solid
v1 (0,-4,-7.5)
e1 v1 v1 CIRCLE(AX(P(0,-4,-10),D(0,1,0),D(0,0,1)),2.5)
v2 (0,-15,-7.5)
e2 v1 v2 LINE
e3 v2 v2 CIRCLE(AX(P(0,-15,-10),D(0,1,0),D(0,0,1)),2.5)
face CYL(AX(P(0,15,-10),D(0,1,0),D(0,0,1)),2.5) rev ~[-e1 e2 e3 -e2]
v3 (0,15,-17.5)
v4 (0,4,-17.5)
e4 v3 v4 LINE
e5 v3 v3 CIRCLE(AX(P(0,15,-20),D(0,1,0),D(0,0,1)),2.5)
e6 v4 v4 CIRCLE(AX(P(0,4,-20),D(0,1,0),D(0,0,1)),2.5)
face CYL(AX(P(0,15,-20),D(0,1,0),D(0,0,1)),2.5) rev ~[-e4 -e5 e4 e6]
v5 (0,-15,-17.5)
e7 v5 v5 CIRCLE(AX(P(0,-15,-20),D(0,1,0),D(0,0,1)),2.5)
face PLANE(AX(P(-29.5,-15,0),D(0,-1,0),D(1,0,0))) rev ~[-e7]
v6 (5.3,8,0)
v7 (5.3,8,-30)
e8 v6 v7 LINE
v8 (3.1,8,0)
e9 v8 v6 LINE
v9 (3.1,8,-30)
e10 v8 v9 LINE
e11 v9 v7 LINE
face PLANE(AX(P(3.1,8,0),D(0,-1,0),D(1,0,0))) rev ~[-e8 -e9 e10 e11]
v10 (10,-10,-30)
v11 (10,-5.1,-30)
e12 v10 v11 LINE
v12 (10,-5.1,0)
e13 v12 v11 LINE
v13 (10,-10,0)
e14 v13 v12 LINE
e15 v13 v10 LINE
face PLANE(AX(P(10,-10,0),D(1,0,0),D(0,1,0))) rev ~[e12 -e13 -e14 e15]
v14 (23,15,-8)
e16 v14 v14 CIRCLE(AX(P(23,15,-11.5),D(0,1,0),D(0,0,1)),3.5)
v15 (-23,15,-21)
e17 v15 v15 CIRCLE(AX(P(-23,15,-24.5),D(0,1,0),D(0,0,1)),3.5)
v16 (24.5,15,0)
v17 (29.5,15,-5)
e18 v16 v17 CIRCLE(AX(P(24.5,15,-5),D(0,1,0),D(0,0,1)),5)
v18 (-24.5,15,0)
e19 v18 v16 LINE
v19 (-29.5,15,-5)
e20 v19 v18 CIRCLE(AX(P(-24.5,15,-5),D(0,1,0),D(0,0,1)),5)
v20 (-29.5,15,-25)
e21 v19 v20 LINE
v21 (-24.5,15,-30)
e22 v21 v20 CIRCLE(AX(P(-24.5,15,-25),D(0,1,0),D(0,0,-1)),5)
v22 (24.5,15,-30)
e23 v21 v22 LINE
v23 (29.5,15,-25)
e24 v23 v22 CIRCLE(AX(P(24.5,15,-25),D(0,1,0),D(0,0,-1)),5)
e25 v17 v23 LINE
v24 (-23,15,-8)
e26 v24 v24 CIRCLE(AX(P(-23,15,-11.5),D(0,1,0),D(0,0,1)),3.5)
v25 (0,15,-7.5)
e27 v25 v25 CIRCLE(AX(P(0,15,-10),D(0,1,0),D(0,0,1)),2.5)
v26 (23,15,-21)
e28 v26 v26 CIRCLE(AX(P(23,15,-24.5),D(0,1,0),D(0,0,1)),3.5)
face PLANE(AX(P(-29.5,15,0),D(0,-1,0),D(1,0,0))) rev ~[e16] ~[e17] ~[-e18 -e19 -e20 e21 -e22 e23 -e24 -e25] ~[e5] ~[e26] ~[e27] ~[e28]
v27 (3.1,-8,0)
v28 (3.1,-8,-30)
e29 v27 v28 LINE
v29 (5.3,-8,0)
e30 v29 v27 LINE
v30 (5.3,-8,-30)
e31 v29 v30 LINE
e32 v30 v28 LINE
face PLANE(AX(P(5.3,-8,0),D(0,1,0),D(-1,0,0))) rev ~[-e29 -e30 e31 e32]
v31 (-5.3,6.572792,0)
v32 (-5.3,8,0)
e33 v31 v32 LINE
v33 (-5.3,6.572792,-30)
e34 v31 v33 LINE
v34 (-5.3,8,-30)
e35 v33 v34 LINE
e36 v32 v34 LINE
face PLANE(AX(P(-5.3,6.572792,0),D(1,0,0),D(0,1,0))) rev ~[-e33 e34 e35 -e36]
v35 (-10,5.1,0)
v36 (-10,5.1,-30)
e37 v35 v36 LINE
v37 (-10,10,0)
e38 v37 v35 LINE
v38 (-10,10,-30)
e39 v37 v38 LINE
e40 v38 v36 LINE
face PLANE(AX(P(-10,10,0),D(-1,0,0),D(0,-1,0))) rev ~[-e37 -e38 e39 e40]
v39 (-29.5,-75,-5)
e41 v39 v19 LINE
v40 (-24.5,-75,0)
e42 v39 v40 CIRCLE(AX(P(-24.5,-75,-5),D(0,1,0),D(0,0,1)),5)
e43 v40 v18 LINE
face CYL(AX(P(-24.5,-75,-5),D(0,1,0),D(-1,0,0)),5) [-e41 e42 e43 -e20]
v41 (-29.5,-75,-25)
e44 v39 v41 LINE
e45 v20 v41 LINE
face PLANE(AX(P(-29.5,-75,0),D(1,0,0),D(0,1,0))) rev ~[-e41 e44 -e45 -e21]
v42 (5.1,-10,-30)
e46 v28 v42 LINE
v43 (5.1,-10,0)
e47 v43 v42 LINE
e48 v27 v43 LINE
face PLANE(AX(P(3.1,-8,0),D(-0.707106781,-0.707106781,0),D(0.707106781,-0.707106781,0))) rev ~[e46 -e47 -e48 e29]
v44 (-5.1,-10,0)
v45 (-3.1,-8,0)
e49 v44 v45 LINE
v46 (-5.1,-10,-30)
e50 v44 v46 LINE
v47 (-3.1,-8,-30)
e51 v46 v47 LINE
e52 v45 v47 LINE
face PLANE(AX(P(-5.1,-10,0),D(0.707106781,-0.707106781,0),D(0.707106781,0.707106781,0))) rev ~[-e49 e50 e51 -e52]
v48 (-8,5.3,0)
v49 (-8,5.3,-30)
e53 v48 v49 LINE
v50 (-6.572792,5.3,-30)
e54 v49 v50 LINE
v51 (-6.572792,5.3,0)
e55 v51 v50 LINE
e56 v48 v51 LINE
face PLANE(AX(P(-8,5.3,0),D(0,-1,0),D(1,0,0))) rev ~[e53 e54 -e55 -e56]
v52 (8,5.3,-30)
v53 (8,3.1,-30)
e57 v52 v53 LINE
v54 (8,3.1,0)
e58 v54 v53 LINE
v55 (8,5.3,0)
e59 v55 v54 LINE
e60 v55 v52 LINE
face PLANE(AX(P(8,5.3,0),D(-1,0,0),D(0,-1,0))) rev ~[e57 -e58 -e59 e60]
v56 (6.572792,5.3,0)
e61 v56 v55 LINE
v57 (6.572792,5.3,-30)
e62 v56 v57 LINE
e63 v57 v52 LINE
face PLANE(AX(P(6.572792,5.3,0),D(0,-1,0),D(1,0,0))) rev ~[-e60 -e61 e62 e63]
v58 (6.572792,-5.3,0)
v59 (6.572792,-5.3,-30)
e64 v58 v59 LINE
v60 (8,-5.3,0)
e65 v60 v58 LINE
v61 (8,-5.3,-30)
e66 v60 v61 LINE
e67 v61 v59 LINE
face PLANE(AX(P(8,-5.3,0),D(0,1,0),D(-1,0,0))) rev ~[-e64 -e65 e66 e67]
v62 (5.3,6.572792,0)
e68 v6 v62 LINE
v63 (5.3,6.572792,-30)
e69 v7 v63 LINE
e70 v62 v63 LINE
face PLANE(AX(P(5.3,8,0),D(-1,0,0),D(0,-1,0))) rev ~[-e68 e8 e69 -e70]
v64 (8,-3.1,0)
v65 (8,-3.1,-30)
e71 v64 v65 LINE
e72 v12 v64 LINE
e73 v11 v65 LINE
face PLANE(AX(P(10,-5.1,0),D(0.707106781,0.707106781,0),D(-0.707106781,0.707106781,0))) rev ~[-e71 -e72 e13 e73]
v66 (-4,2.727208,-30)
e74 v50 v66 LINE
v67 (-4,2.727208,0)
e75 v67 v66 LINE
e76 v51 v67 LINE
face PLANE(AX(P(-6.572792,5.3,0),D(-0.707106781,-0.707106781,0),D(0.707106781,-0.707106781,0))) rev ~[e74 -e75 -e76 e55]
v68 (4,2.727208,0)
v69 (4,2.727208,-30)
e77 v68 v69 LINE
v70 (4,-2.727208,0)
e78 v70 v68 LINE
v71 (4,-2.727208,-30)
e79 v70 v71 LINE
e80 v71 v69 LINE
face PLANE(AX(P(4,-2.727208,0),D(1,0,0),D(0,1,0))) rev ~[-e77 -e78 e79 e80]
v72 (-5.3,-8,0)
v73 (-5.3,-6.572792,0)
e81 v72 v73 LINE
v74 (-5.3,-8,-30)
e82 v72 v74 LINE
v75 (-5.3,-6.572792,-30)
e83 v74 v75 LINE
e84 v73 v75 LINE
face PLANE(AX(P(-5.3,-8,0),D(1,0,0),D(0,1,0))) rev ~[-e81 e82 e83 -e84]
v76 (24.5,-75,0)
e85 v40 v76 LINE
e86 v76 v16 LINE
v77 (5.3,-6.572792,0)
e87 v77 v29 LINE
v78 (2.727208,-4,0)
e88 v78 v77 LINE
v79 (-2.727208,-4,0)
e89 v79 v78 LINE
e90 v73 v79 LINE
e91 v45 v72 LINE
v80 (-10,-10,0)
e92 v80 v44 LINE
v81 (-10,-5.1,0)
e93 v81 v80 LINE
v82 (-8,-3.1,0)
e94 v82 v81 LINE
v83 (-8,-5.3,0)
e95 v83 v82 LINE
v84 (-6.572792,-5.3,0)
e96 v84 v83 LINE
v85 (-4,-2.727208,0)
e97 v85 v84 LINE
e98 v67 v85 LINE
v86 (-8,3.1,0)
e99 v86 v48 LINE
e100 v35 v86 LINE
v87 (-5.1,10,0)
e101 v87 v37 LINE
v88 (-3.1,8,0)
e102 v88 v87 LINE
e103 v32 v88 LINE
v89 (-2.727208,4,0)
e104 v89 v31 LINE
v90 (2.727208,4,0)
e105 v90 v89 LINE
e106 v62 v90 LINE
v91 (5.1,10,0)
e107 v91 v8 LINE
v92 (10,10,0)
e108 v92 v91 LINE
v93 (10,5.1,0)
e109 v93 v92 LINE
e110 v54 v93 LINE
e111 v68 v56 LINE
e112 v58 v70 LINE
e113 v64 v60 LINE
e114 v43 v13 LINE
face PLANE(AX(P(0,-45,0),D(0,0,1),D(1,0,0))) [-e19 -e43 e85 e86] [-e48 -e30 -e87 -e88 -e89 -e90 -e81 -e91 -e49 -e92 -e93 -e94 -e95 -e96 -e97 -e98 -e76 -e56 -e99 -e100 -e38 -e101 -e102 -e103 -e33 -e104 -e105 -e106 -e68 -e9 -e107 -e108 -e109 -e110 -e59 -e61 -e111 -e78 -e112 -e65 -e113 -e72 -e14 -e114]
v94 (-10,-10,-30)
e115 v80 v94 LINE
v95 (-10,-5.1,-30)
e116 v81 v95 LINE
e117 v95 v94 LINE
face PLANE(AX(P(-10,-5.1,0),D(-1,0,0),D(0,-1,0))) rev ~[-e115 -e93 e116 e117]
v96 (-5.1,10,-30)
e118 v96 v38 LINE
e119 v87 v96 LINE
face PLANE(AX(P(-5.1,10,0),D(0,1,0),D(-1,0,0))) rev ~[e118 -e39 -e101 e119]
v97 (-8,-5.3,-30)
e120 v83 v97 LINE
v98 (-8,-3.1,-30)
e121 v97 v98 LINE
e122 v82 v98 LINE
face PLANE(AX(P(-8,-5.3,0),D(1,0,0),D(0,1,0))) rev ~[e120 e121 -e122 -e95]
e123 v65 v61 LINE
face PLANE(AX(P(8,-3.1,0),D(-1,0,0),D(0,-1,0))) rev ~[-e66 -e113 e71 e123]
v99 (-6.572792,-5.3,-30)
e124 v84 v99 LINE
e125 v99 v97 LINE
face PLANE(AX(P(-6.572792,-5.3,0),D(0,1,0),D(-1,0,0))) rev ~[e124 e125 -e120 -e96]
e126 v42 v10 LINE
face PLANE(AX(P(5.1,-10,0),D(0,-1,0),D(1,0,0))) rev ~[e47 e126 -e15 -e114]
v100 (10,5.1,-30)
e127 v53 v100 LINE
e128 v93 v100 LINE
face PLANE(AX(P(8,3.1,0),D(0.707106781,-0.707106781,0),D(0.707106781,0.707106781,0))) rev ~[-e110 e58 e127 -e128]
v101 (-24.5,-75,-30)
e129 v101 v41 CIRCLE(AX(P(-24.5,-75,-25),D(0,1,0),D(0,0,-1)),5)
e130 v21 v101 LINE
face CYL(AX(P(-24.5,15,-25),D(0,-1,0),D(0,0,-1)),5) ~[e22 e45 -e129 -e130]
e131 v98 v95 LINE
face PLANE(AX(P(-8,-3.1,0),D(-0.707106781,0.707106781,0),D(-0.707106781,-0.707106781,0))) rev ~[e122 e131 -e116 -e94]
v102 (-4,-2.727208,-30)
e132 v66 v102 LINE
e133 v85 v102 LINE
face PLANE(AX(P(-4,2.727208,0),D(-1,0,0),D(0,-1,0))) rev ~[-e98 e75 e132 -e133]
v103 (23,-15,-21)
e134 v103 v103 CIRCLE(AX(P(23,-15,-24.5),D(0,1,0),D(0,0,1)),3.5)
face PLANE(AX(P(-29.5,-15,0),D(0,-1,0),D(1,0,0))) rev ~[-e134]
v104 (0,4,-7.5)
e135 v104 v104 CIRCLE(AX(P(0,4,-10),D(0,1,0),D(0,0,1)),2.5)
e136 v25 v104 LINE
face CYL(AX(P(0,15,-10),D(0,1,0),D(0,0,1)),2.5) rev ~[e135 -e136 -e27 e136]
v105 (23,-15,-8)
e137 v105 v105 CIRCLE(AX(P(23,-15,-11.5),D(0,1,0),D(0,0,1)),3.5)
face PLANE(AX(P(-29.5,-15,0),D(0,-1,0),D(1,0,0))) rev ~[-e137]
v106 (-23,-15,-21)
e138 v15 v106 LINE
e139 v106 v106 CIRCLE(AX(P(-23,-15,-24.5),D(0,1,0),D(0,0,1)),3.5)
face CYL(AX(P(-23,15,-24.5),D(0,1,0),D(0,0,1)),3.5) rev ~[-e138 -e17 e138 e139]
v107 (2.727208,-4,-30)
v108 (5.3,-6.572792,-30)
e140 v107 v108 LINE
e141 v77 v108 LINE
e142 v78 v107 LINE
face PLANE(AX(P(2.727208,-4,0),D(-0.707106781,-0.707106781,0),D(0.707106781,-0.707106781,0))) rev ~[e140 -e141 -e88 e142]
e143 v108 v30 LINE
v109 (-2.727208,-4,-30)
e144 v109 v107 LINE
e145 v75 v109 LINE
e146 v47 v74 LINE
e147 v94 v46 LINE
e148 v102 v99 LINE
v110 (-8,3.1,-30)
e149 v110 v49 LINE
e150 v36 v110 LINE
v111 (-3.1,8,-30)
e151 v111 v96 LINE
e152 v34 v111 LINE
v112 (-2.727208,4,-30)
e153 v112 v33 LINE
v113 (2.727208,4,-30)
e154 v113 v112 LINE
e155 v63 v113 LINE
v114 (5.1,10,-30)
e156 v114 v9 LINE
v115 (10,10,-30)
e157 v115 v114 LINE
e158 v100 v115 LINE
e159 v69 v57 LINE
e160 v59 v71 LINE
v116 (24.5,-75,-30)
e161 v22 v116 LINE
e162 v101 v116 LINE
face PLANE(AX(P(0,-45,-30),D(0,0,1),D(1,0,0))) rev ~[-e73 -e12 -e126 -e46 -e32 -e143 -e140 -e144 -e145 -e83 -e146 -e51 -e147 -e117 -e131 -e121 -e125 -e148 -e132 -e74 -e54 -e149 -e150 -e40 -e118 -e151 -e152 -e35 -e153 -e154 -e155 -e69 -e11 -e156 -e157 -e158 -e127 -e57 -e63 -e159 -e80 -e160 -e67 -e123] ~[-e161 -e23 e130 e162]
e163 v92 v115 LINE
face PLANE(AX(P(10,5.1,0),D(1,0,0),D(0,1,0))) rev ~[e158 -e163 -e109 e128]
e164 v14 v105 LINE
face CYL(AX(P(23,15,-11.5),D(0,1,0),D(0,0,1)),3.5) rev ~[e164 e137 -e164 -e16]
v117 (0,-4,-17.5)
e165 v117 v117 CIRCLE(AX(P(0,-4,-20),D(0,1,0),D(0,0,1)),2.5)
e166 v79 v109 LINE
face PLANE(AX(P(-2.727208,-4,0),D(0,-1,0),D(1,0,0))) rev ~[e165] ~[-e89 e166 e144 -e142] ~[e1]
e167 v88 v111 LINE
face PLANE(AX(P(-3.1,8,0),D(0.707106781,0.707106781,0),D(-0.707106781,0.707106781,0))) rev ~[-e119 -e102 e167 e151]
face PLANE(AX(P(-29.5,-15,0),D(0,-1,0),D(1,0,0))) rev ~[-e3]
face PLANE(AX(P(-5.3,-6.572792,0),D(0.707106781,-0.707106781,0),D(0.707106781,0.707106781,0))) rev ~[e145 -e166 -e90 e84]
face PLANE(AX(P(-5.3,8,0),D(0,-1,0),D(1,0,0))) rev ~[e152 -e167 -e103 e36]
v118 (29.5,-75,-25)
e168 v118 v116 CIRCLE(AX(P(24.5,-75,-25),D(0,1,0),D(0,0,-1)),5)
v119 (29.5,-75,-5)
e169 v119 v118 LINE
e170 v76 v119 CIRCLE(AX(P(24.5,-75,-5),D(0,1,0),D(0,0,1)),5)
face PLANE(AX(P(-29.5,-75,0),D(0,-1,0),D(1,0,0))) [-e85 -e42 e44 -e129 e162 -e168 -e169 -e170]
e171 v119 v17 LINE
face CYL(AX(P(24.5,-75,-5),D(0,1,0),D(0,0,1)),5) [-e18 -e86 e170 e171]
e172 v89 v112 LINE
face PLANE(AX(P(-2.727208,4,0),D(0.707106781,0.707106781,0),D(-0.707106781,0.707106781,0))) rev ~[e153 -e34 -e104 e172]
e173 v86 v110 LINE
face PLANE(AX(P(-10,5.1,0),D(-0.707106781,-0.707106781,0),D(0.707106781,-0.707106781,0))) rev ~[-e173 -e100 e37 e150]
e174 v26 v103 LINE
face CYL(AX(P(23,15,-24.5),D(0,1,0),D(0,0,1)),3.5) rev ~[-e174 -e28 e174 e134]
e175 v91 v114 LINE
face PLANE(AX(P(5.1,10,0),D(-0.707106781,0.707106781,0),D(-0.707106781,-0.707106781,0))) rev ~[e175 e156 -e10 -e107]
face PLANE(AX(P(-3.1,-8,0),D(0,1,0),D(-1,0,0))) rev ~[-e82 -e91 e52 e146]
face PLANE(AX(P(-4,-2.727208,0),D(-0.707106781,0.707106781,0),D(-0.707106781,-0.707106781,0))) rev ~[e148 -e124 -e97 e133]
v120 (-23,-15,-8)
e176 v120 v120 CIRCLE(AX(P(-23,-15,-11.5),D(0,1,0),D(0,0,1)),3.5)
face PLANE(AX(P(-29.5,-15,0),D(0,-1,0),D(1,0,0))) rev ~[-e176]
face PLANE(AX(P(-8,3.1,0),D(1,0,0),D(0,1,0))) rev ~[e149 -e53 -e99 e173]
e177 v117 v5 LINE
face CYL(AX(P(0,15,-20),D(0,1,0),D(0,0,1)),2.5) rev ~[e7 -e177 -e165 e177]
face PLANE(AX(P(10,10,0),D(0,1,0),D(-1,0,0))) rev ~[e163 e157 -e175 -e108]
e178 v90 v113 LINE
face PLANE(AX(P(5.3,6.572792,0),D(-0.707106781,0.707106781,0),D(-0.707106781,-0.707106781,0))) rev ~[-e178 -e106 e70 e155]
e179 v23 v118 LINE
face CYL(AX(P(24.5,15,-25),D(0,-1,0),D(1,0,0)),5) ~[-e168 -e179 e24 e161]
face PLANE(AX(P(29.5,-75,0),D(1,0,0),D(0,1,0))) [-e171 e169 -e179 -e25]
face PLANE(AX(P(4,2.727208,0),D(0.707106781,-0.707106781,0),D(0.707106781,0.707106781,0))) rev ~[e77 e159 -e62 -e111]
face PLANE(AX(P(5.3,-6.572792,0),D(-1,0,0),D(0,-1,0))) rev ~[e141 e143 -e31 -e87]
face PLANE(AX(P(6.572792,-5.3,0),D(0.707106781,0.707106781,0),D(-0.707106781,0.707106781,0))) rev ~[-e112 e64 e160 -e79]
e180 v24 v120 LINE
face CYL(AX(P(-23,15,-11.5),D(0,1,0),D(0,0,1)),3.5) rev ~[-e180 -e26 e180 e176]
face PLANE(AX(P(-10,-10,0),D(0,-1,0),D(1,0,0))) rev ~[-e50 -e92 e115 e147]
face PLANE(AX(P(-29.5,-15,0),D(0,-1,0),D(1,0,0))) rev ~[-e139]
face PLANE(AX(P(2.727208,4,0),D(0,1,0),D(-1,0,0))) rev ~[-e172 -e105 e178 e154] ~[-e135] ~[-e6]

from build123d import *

# Parameters (mm, degrees)
SKETCH1_W           = 59
SKETCH1_H           = 30
BOSS_EXTRUDE1_DEPTH = 30
SKETCH2_R           = 2.5
SKETCH2_R_2         = 3.5
CUT_EXTRUDE1_DEPTH  = 52.674461778
SKETCH3_W           = 59
SKETCH3_H           = 60
BOSS_EXTRUDE2_DEPTH = 30
FILLET1_R           = 5
FILLET2_R           = 5
FILLET3_R           = 5
FILLET4_R           = 5


with BuildPart() as part:
    # Sketch1 → Boss-Extrude1 (new body)
    with BuildSketch(Plane.XY):
        Rectangle(SKETCH1_W, SKETCH1_H)
        Polygon((4, 2.727207794), (6.572792206, 5.3), (8, 5.3), (8, 3.1), (10, 5.1), (10, 10), (5.1, 10), (3.1, 8), (5.3, 8), (5.3, 6.572792206), (2.727207794, 4), (-2.727207794, 4), (-5.3, 6.572792206), (-5.3, 8), (-3.1, 8), (-5.1, 10), (-10, 10), (-10, 5.1), (-8, 3.1), (-8, 5.3), (-6.572792206, 5.3), (-4, 2.727207794), (-4, -2.727207794), (-6.572792206, -5.3), (-8, -5.3), (-8, -3.1), (-10, -5.1), (-10, -10), (-5.1, -10), (-3.1, -8), (-5.3, -8), (-5.3, -6.572792206), (-2.727207794, -4), (2.727207794, -4), (5.3, -6.572792206), (5.3, -8), (3.1, -8), (5.1, -10), (10, -10), (10, -5.1), (8, -3.1), (8, -5.3), (6.572792206, -5.3), (4, -2.727207794), align=None, mode=Mode.SUBTRACT)
    extrude(amount=-BOSS_EXTRUDE1_DEPTH)

    # Sketch2 → Cut-Extrude1 (cut, through all)
    with BuildSketch(Plane(origin=(0, 15, 0), x_dir=(1, 0, 0), z_dir=(0, 1, 0))):
        with Locations(Location((0, 10, 0), (0, 0, 270))):
            Circle(SKETCH2_R)
        with Locations(Location((0, 20, 0), (0, 0, 270))):
            Circle(SKETCH2_R)
        with Locations(Location((-23, 24.5, 0), (0, 0, 270))):
            Circle(SKETCH2_R_2)
        with Locations(Location((23, 24.5, 0), (0, 0, 270))):
            Circle(SKETCH2_R_2)
        with Locations(Location((23, 11.5, 0), (0, 0, 270))):
            Circle(SKETCH2_R_2)
        with Locations(Location((-23, 11.5, 0), (0, 0, 270))):
            Circle(SKETCH2_R_2)
    extrude(amount=-CUT_EXTRUDE1_DEPTH, mode=Mode.SUBTRACT)

    # Sketch3 → Boss-Extrude2 (add)
    with BuildSketch(Plane.XY):
        with Locations((0, -45)):
            Rectangle(SKETCH3_W, SKETCH3_H)
    extrude(amount=-BOSS_EXTRUDE2_DEPTH)

    # Fillet1
    fillet1_edges = [part.edges().sort_by_distance(p)[0] for p in [
        (29.5, -30, 0),
    ]]
    fillet(fillet1_edges, radius=FILLET1_R)

    # Fillet2
    fillet2_edges = [part.edges().sort_by_distance(p)[0] for p in [
        (29.5, -30, -30),
    ]]
    fillet(fillet2_edges, radius=FILLET2_R)

    # Fillet3
    fillet3_edges = [part.edges().sort_by_distance(p)[0] for p in [
        (-29.5, -30, -30),
    ]]
    fillet(fillet3_edges, radius=FILLET3_R)

    # Fillet4
    fillet4_edges = [part.edges().sort_by_distance(p)[0] for p in [
        (-29.5, -30, 0),
    ]]
    fillet(fillet4_edges, radius=FILLET4_R)


solid = part.part
